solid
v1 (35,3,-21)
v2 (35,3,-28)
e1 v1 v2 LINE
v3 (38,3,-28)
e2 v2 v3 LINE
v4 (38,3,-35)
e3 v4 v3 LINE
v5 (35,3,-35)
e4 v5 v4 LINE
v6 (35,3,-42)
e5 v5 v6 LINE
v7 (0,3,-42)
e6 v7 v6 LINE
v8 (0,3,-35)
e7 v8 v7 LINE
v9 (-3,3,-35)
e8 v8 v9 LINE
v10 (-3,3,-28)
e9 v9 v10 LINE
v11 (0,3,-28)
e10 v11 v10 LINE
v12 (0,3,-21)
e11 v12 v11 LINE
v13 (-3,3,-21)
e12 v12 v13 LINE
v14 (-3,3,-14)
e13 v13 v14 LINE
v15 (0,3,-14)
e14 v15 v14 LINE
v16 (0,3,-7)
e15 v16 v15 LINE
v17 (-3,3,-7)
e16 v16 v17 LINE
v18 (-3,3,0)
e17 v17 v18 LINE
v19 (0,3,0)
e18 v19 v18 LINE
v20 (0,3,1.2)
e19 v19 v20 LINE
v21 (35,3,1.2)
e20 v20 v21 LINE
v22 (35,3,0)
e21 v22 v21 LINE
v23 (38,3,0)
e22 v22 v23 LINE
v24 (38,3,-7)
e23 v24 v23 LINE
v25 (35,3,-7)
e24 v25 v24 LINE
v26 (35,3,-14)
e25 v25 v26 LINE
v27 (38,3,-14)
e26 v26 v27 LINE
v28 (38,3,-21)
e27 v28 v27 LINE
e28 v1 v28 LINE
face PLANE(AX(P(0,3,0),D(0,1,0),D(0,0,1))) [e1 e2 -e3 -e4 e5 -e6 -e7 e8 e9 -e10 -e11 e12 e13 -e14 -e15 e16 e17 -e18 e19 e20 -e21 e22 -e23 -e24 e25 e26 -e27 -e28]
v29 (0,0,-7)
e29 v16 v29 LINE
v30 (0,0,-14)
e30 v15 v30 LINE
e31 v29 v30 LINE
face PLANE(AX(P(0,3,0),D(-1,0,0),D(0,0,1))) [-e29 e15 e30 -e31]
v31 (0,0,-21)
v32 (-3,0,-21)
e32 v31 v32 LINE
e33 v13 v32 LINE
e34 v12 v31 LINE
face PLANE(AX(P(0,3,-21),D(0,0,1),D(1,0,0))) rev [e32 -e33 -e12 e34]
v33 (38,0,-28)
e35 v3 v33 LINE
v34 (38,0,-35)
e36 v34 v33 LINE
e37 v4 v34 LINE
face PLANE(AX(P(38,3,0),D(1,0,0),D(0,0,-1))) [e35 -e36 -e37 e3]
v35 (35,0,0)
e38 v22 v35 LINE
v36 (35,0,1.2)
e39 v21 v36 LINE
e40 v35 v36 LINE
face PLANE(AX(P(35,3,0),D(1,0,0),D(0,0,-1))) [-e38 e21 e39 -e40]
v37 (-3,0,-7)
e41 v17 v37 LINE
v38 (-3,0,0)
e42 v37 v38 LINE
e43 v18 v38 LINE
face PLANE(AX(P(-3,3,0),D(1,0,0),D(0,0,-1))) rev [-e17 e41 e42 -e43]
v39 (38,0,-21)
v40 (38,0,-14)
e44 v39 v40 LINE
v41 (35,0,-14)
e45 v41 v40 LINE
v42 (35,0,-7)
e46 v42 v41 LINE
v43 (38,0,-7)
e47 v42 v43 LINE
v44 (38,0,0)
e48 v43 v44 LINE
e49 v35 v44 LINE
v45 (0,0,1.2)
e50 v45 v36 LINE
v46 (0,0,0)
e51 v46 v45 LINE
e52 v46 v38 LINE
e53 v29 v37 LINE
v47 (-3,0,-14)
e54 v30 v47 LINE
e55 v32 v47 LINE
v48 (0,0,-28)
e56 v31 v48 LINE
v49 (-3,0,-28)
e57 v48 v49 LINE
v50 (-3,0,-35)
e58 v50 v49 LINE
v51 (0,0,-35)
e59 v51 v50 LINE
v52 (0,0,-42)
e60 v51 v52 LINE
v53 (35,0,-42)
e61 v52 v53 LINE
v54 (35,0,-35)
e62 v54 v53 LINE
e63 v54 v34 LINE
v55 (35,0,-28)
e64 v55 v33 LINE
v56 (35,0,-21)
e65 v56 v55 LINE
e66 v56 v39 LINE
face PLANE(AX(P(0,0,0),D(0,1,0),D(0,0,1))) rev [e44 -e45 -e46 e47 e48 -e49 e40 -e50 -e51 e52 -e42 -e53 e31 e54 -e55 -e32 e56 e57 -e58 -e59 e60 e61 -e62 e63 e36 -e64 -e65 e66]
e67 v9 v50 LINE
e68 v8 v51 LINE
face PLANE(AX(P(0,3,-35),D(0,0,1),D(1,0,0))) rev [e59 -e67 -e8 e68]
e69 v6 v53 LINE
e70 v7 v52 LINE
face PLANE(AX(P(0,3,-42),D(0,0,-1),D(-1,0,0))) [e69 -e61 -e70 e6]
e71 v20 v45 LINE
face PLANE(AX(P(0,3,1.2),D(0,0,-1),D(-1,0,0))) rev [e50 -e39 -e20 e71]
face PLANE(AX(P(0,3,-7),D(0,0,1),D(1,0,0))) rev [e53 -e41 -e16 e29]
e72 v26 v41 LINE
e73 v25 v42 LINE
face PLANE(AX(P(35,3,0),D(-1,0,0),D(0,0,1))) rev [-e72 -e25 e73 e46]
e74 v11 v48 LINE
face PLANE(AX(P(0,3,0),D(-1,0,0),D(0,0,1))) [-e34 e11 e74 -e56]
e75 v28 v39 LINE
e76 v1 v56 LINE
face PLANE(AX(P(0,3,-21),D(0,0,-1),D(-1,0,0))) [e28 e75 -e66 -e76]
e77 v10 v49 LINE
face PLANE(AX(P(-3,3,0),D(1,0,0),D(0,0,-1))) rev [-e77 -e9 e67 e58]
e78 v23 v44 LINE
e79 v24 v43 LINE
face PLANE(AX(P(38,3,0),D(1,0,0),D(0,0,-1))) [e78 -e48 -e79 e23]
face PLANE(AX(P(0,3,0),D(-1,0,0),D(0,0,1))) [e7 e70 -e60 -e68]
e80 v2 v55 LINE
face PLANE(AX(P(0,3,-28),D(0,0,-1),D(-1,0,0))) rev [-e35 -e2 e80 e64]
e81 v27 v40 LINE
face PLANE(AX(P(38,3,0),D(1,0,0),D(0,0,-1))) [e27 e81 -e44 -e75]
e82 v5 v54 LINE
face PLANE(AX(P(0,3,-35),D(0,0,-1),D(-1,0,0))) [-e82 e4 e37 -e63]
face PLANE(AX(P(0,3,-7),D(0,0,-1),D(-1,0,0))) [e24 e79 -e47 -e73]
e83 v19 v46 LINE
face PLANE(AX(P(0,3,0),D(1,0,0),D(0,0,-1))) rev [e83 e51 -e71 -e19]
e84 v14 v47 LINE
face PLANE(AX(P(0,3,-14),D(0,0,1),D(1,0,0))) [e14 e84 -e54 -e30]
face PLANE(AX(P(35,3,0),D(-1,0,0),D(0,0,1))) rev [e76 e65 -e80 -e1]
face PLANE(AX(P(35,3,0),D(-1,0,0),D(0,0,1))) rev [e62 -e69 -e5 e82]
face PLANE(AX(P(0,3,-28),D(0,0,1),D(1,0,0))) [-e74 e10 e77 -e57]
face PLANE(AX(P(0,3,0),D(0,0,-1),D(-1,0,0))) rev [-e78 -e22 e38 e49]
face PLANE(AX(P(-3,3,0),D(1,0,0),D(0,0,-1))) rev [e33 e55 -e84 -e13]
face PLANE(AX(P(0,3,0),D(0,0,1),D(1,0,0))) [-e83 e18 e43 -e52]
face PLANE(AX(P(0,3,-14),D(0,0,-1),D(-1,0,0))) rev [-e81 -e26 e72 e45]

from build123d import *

# Parameters (mm, degrees)
SKETCH1_W           = 3
SKETCH1_H           = 7
SKETCH1_W_2         = 35
SKETCH1_H_2         = 1.2
BOSS_EXTRUDE1_DEPTH = 3


with BuildPart() as part:
    # Sketch1 → Boss-Extrude1 (new body)
    with BuildSketch(Plane(origin=(0, 0, 0), x_dir=(1, 0, 0), z_dir=(0, 1, 0))):
        Polygon((35, 42), (17.5, 42), (17.5, 0), (35, 0), (35, 7), (35, 14), (35, 21), (35, 28), (35, 35), align=None)
        with Locations((36.5, 31.5)):
            Rectangle(SKETCH1_W, SKETCH1_H)
        with Locations((36.5, 17.5)):
            Rectangle(SKETCH1_W, SKETCH1_H)
        with Locations((36.5, 3.5)):
            Rectangle(SKETCH1_W, SKETCH1_H)
        Polygon((17.5, 0), (17.5, 42), (0, 42), (0, 35), (0, 28), (0, 21), (0, 14), (0, 7), (0, 0), align=None)
        with Locations((17.5, -0.6)):
            Rectangle(SKETCH1_W_2, SKETCH1_H_2)
        with Locations((-1.5, 3.5)):
            Rectangle(SKETCH1_W, SKETCH1_H)
        with Locations((-1.5, 17.5)):
            Rectangle(SKETCH1_W, SKETCH1_H)
        with Locations((-1.5, 31.5)):
            Rectangle(SKETCH1_W, SKETCH1_H)
    extrude(amount=BOSS_EXTRUDE1_DEPTH)


solid = part.part
